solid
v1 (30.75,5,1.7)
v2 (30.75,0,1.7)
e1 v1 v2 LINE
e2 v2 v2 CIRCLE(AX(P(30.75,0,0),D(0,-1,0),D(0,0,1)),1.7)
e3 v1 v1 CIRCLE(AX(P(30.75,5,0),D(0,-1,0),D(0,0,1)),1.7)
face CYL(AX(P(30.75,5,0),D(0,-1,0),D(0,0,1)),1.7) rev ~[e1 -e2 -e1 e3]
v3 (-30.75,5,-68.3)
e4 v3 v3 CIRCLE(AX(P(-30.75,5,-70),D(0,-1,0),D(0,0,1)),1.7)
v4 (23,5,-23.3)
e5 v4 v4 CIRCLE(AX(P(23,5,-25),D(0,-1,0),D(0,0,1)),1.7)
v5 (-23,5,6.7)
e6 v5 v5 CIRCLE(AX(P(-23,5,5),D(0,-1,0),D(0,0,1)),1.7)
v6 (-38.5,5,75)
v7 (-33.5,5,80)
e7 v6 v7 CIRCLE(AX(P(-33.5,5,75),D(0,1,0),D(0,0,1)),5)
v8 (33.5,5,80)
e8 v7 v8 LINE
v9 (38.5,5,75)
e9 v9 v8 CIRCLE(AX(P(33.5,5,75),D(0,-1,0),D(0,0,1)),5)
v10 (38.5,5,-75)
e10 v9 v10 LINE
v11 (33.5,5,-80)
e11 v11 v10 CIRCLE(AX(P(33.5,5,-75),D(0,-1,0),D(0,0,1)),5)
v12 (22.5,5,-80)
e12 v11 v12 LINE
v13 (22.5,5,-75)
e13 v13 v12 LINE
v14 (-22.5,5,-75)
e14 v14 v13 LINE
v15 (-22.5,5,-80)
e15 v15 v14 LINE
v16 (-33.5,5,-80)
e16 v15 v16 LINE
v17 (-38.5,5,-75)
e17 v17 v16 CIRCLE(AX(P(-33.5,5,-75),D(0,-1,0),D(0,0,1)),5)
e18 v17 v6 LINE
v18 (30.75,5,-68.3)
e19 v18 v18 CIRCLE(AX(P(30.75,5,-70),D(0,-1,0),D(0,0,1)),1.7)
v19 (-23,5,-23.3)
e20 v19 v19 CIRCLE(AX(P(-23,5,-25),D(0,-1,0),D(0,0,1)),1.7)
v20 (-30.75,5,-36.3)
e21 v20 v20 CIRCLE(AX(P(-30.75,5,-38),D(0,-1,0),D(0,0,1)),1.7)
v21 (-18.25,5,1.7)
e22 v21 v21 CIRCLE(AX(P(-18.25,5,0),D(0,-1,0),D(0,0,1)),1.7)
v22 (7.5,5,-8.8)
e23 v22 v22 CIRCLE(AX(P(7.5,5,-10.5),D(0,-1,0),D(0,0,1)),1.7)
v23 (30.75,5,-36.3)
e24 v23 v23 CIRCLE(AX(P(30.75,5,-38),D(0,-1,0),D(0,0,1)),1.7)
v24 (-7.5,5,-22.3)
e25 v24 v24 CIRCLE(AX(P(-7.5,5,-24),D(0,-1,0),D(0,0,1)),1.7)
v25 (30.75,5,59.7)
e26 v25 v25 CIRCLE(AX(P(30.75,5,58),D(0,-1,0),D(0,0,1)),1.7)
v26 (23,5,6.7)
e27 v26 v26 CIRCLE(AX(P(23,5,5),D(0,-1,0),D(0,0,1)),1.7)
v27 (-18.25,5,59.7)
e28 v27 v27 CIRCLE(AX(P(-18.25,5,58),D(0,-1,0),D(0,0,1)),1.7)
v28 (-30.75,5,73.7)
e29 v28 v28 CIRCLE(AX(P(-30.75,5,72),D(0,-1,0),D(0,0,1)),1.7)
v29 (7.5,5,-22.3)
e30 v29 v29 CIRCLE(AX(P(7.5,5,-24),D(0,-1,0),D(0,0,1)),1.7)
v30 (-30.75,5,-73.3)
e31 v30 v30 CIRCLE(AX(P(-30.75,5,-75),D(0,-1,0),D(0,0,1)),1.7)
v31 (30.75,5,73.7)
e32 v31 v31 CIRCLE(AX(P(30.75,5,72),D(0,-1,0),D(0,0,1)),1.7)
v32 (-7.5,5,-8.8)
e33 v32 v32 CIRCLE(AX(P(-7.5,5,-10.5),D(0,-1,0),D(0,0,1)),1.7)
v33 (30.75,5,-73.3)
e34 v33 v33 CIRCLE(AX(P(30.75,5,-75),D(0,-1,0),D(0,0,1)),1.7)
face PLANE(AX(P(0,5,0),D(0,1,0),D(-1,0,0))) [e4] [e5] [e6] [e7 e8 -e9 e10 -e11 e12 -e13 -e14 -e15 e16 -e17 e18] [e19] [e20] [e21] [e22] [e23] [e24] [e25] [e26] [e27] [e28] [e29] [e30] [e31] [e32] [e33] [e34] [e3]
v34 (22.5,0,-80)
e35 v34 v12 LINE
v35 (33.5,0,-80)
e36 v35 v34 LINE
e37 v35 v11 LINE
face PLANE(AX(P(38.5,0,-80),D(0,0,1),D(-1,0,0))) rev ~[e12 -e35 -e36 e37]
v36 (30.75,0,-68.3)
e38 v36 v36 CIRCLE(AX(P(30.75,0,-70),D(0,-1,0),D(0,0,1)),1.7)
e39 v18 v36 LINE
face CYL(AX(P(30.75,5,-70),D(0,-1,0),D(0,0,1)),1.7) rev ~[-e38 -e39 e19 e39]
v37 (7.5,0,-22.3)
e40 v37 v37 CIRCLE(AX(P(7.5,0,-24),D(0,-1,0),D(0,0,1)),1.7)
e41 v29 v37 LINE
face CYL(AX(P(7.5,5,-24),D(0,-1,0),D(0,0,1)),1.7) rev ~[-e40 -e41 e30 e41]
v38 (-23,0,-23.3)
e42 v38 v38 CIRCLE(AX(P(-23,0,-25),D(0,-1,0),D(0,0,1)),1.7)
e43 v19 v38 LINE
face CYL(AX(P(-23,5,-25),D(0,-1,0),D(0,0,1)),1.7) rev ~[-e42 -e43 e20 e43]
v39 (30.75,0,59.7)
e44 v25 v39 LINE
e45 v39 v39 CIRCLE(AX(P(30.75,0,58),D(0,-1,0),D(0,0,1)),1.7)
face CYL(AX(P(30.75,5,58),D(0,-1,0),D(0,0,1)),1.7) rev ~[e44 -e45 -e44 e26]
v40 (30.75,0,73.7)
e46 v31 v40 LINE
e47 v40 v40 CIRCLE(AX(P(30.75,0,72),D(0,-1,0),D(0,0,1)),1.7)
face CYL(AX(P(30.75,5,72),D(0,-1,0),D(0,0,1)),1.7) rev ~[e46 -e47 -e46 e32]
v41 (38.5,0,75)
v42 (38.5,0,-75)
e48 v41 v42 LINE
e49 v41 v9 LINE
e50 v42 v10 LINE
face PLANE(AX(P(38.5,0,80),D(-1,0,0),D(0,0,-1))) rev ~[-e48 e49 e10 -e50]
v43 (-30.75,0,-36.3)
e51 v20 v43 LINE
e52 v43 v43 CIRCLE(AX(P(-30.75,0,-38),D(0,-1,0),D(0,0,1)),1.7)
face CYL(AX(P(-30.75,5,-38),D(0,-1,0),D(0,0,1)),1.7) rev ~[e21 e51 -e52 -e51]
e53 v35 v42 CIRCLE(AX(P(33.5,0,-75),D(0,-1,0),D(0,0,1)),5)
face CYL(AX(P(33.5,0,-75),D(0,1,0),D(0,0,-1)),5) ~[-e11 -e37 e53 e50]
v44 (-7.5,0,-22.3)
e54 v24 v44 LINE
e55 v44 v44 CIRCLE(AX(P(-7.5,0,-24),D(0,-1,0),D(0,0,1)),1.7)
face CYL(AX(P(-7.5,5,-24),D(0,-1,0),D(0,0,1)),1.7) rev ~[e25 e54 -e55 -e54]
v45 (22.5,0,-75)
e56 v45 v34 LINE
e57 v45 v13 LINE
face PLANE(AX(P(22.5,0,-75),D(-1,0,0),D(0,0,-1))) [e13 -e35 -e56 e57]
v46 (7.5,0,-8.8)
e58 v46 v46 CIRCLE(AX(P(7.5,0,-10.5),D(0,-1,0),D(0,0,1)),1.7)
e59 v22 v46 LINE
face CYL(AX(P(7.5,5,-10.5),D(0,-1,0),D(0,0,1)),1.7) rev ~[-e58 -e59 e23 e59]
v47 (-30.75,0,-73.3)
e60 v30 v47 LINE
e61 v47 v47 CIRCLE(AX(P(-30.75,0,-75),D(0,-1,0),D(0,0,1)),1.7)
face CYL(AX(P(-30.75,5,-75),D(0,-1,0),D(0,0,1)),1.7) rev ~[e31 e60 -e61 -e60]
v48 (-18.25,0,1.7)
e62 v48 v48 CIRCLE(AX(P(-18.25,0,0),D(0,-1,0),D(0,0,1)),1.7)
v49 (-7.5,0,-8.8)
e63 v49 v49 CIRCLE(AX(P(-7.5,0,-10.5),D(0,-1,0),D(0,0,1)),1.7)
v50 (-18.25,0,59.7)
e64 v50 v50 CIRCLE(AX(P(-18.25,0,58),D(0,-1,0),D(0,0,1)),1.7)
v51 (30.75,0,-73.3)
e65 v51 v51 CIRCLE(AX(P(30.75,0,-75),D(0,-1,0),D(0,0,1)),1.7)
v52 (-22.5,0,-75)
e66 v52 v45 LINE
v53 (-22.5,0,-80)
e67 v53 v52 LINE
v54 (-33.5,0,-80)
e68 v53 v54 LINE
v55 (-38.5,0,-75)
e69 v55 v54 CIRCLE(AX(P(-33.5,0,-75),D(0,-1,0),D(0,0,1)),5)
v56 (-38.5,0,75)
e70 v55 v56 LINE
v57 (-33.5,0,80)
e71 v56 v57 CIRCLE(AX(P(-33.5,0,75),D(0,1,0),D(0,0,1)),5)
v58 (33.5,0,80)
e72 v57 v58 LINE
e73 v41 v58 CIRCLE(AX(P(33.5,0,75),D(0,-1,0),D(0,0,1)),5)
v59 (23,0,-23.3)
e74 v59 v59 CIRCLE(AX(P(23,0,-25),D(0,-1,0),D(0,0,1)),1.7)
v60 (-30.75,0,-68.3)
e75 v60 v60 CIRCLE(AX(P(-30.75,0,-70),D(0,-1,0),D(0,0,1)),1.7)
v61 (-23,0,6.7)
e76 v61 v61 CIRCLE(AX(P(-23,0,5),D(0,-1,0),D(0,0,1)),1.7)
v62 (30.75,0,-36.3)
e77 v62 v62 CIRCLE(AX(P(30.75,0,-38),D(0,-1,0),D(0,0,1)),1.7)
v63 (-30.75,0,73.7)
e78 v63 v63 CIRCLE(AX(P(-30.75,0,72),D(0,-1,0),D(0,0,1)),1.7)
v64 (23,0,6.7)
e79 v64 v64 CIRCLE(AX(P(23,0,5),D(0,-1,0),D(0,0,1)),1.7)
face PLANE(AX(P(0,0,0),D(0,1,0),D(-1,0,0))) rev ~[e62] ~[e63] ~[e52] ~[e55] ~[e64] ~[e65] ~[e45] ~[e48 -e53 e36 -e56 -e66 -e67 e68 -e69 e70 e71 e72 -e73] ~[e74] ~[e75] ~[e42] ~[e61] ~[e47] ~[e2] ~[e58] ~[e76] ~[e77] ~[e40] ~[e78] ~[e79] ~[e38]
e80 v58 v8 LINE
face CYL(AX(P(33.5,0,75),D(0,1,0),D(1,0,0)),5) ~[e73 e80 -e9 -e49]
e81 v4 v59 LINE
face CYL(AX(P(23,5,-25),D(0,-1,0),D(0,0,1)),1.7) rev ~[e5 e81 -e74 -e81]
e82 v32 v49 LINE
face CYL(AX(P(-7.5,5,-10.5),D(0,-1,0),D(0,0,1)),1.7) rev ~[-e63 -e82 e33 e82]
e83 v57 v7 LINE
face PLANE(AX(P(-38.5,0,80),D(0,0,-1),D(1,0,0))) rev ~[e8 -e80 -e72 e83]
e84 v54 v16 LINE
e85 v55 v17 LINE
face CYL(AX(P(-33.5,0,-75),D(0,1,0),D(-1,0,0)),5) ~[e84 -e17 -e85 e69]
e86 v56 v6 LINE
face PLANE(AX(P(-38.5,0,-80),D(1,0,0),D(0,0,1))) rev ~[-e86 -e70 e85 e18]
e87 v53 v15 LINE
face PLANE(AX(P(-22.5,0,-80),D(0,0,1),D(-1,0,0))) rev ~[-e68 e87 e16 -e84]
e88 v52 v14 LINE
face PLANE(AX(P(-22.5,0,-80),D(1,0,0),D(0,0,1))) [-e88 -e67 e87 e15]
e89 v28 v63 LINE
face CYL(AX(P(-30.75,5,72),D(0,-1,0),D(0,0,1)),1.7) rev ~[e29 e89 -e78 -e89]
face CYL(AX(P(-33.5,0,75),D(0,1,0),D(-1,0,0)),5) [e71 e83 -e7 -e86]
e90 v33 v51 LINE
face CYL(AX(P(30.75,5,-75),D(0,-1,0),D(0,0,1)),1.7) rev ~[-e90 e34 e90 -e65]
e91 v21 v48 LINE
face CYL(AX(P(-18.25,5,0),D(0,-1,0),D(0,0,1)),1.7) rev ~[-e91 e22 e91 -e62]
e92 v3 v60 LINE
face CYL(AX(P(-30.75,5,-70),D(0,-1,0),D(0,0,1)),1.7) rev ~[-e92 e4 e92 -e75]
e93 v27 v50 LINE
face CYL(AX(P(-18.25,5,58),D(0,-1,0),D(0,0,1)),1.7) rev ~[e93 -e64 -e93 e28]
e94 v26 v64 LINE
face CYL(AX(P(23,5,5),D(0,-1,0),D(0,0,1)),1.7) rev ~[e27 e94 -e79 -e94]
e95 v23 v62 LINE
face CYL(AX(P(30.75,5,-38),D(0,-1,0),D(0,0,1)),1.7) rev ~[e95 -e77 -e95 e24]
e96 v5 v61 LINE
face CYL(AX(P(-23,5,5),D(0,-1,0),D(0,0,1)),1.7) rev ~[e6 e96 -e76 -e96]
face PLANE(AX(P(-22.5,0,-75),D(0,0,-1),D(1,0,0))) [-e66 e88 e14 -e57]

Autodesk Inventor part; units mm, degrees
ref_plane "YZ Plane" through (0, 0, 0) normal (1, 0, 0) x (0, 1, 0)
ref_plane "XZ Plane" through (0, 0, 0) normal (0, 1, 0) x (-1, 0, 0)
ref_plane "XY Plane" through (0, 0, 0) normal (0, 0, 1) x (1, 0, 0)
sketch "Sketch1" plane through (0, 0, 0) normal (0, 1, 0) x (-1, 0, 0)
  line L0 (38.5, 80) -> (-38.5, 80)
  line L1 (-38.5, 80) -> (-38.5, -80)
  line L2 (-38.5, -80) -> (38.5, -80)
  line L3 (38.5, -80) -> (38.5, 80)
  line L4 (38.5, 0) -> (-38.5, 0) construction
  line L5 (0, 80) -> (0, -80) construction
  line L6 (-22.5, -80) -> (22.5, -80)
  line L7 (22.5, -80) -> (22.5, -75)
  line L8 (22.5, -75) -> (-22.5, -75)
  line L9 (-22.5, -75) -> (-22.5, -80)
  point P0 (0, 0)
  point P1 (0, 0)
  dimension "d0" = 77
  dimension "d1" = 160
  dimension "d64" = 45
  dimension "d65" = 5
extrude "Extrusion1" add sketch "Sketch1" along normal blind 5 contours L3 L2 L7 L8 L9 L1 L0
fillet "Fillet1" radius 5 4 edges at (-38.5, 2.5, 80) (38.5, 2.5, 80) (38.5, 2.5, -80) (-38.5, 2.5, -80)
sketch "Sketch3" plane through (0, 5, 0) normal (0, 1, 0) x (1, 0, 0)
  line L0 (33.5, 80) -> (-33.5, 80) construction
  line L1 (-30.75, -72) -> (-30.75, 75) construction
  line L2 (-30.75, 75) -> (30.75, 75) construction
  line L3 (30.75, 75) -> (30.75, -72) construction
  line L4 (30.75, -72) -> (-30.75, -72) construction
  line L5 (0, 112) -> (0, -112) construction
  line L6 (-33.5, -80) -> (33.5, -80) projected
  line L7 (38.5, -75) -> (38.5, 75) projected
  line L8 (-38.5, 75) -> (-38.5, -75) projected
  point P0 (0, 0)
  point P1 (0, -72)
  point P2 (0, -80)
  dimension "d15" = 147
  dimension "d18" = 8
  dimension "d56" = 61.5
hole "Brass stands" at (-30.75, 5, 72) at (30.75, 5, 72) at (30.75, 5, -75) at (-30.75, 5, -75) direction (0, -1, 0) diameter 3.4 end through all
sketch "Sketch5" plane through (0, 5, 0) normal (0, 1, 0) x (1, 0, 0)
  line L0 (-23, -5) -> (23, -5) construction
  line L1 (23, -5) -> (23, 25) construction
  line L2 (23, 25) -> (-23, 25) construction
  line L3 (-23, 25) -> (-23, -5) construction
  line L4 (-23, -5) -> (23, 25) construction
  line L5 (23, -5) -> (-23, 25) construction
  line L6 (0, 112) -> (0, -112) construction
  line L7 (33.5, 80) -> (-33.5, 80) construction
  point P0 (0, 0)
  point P1 (0, 10)
  point P2 (0, 10)
  point P3 (-23, 25)
  point P4 (23, 25)
  dimension "d31" = 30
  dimension "d32" = 46
  dimension "d33" = 55
hole "Battery mount" at (-23, 5, 5) at (-23, 5, -25) at (23, 5, -25) at (23, 5, 5) direction (0, -1, 0) diameter 3.4 end through all
sketch "Sketch7" plane through (0, 5, 0) normal (0, 1, 0) x (1, 0, 0)
  line L0 (7.5, 24) -> (-7.5, 24) construction
  line L1 (-7.5, 24) -> (-7.5, 10.5) construction
  line L2 (-7.5, 10.5) -> (7.5, 10.5) construction
  line L3 (7.5, 10.5) -> (7.5, 24) construction
  line L4 (7.5, 24) -> (-7.5, 10.5) construction
  line L5 (-7.5, 24) -> (7.5, 10.5) construction
  line L6 (33.5, 80) -> (22.5, 80) construction
  line L7 (38.5, -75) -> (38.5, 75) construction
  line L8 (22.5, 75) -> (-22.5, 75) construction
  line L9 (0, 112) -> (0, -112) construction
  point P0 (0, 0)
  point P1 (0, 17.25)
  point P2 (54.473, 10.5)
  point P3 (0, 24)
  point P4 (0, 17.25)
  dimension "d66" = 13.5
  dimension "d67" = 15
  dimension "d71" = 51
hole "pi cam" at (7.5, 5, -24) at (7.5, 5, -10.5) at (54.473, 5, -10.5) at (-7.5, 5, -24) at (-7.5, 5, -10.5) direction (0, -1, 0) diameter 3.4 end through all
sketch "Sketch8" plane through (0, 5, 0) normal (0, 1, 0) x (1, 0, 0)
  circle A0 centre (-7.5, 24) radius 1.7 projected
  circle A1 centre (7.5, 10.5) radius 1.7 projected
  circle A2 centre (7.5, 24) radius 1.7 projected
  circle A3 centre (-7.5, 10.5) radius 1.7 projected
  circle A4 centre (23, 25) radius 1.7 projected
  circle A5 centre (-23, -5) radius 1.7 projected
  circle A6 centre (-23, 25) radius 1.7 projected
  circle A7 centre (23, -5) radius 1.7 projected
  circle A8 centre (30.75, 75) radius 1.7 projected
  circle A9 centre (-30.75, -72) radius 1.7 projected
  circle A10 centre (30.75, -72) radius 1.7 projected
  circle A11 centre (-30.75, 75) radius 1.7 projected
  arc A12 (-33.5, 80) -> (-38.5, 75) centre (-33.5, 75) ccw projected
  line L0 (-38.5, 75) -> (-38.5, -75) projected
  arc A13 (-38.5, -75) -> (-33.5, -80) centre (-33.5, -75) ccw projected
  line L1 (-33.5, -80) -> (33.5, -80) projected
  arc A14 (33.5, -80) -> (38.5, -75) centre (33.5, -75) ccw projected
  line L2 (38.5, -75) -> (38.5, 75) projected
  arc A15 (38.5, 75) -> (33.5, 80) centre (33.5, 75) ccw projected
  line L3 (33.5, 80) -> (22.5, 80) projected
  line L4 (22.5, 80) -> (22.5, 75) projected
  line L5 (22.5, 75) -> (-22.5, 75) projected
  line L6 (-22.5, 75) -> (-22.5, 80) projected
  line L7 (-22.5, 80) -> (-33.5, 80) projected
  line L8 (30.75, 0) -> (-18.25, 0) construction
  line L9 (-18.25, 0) -> (-18.25, -58) construction
  line L10 (-18.25, -58) -> (30.75, -58) construction
  line L11 (30.75, -58) -> (30.75, 0) construction
  line L12 (30.75, 0) -> (-18.25, -58) construction
  line L13 (-18.25, 0) -> (30.75, -58) construction
  point P0 (0, 0)
  point P1 (6.25, -29)
  dimension "d79" = 49
  dimension "d80" = 58
  dimension "d81" = 22
  dimension "d82" = 7.75
hole "raspberry pi" at (30.75, 5, 0) at (30.75, 5, 58) at (-18.25, 5, 58) at (-18.25, 5, 0) direction (0, -1, 0) diameter 3.4 end through all
sketch "buck convertor" plane through (0, 5, 0) normal (0, 1, 0) x (1, 0, 0)
  line L0 (38.5, -75) -> (38.5, 75) projected
  circle A0 centre (-18.25, -58) radius 1.7 projected
  circle A1 centre (30.75, 0) radius 1.7 projected
  circle A2 centre (30.75, -58) radius 1.7 projected
  circle A3 centre (-18.25, 0) radius 1.7 projected
  circle A4 centre (-7.5, 24) radius 1.7 projected
  circle A5 centre (7.5, 10.5) radius 1.7 projected
  circle A6 centre (7.5, 24) radius 1.7 projected
  circle A7 centre (-7.5, 10.5) radius 1.7 projected
  circle A8 centre (23, 25) radius 1.7 projected
  circle A9 centre (-23, -5) radius 1.7 projected
  circle A10 centre (-23, 25) radius 1.7 projected
  circle A11 centre (23, -5) radius 1.7 projected
  circle A12 centre (30.75, 75) radius 1.7 projected
  circle A13 centre (-30.75, -72) radius 1.7 projected
  circle A14 centre (30.75, -72) radius 1.7 projected
  circle A15 centre (-30.75, 75) radius 1.7 projected
  arc A16 (-33.5, 80) -> (-38.5, 75) centre (-33.5, 75) ccw projected
  line L1 (-38.5, 75) -> (-38.5, -75) projected
  arc A17 (-38.5, -75) -> (-33.5, -80) centre (-33.5, -75) ccw projected
  line L2 (-33.5, -80) -> (33.5, -80) projected
  arc A18 (33.5, -80) -> (38.5, -75) centre (33.5, -75) ccw projected
  line L3 (38.5, -75) -> (38.5, 75) projected
  arc A19 (38.5, 75) -> (33.5, 80) centre (33.5, 75) ccw projected
  line L4 (33.5, 80) -> (22.5, 80) projected
  line L5 (22.5, 80) -> (22.5, 75) projected
  line L6 (22.5, 75) -> (-22.5, 75) projected
  line L7 (-22.5, 75) -> (-22.5, 80) projected
  line L8 (-22.5, 80) -> (-33.5, 80) projected
  line L9 (30.75, 70) -> (-30.75, 70) construction
  line L10 (-30.75, 70) -> (-30.75, 38) construction
  line L11 (-30.75, 38) -> (30.75, 38) construction
  line L12 (30.75, 38) -> (30.75, 70) construction
  line L13 (30.75, 70) -> (-30.75, 38) construction
  line L14 (-30.75, 70) -> (30.75, 38) construction
  line L15 (0, 113.4497) -> (0, -113.4497) projected
  point P0 (0, 0)
  point P1 (0, 54)
  point P2 (0, 54)
  dimension "d90" = 32
  dimension "d98" = 10
hole "Hole7" at (30.75, 5, -38) at (-30.75, 5, -38) at (30.75, 5, -70) at (-30.75, 5, -70) direction (0, -1, 0) diameter 3.4 end through all
properties part number "Top plate" material "PBT Plastic"
